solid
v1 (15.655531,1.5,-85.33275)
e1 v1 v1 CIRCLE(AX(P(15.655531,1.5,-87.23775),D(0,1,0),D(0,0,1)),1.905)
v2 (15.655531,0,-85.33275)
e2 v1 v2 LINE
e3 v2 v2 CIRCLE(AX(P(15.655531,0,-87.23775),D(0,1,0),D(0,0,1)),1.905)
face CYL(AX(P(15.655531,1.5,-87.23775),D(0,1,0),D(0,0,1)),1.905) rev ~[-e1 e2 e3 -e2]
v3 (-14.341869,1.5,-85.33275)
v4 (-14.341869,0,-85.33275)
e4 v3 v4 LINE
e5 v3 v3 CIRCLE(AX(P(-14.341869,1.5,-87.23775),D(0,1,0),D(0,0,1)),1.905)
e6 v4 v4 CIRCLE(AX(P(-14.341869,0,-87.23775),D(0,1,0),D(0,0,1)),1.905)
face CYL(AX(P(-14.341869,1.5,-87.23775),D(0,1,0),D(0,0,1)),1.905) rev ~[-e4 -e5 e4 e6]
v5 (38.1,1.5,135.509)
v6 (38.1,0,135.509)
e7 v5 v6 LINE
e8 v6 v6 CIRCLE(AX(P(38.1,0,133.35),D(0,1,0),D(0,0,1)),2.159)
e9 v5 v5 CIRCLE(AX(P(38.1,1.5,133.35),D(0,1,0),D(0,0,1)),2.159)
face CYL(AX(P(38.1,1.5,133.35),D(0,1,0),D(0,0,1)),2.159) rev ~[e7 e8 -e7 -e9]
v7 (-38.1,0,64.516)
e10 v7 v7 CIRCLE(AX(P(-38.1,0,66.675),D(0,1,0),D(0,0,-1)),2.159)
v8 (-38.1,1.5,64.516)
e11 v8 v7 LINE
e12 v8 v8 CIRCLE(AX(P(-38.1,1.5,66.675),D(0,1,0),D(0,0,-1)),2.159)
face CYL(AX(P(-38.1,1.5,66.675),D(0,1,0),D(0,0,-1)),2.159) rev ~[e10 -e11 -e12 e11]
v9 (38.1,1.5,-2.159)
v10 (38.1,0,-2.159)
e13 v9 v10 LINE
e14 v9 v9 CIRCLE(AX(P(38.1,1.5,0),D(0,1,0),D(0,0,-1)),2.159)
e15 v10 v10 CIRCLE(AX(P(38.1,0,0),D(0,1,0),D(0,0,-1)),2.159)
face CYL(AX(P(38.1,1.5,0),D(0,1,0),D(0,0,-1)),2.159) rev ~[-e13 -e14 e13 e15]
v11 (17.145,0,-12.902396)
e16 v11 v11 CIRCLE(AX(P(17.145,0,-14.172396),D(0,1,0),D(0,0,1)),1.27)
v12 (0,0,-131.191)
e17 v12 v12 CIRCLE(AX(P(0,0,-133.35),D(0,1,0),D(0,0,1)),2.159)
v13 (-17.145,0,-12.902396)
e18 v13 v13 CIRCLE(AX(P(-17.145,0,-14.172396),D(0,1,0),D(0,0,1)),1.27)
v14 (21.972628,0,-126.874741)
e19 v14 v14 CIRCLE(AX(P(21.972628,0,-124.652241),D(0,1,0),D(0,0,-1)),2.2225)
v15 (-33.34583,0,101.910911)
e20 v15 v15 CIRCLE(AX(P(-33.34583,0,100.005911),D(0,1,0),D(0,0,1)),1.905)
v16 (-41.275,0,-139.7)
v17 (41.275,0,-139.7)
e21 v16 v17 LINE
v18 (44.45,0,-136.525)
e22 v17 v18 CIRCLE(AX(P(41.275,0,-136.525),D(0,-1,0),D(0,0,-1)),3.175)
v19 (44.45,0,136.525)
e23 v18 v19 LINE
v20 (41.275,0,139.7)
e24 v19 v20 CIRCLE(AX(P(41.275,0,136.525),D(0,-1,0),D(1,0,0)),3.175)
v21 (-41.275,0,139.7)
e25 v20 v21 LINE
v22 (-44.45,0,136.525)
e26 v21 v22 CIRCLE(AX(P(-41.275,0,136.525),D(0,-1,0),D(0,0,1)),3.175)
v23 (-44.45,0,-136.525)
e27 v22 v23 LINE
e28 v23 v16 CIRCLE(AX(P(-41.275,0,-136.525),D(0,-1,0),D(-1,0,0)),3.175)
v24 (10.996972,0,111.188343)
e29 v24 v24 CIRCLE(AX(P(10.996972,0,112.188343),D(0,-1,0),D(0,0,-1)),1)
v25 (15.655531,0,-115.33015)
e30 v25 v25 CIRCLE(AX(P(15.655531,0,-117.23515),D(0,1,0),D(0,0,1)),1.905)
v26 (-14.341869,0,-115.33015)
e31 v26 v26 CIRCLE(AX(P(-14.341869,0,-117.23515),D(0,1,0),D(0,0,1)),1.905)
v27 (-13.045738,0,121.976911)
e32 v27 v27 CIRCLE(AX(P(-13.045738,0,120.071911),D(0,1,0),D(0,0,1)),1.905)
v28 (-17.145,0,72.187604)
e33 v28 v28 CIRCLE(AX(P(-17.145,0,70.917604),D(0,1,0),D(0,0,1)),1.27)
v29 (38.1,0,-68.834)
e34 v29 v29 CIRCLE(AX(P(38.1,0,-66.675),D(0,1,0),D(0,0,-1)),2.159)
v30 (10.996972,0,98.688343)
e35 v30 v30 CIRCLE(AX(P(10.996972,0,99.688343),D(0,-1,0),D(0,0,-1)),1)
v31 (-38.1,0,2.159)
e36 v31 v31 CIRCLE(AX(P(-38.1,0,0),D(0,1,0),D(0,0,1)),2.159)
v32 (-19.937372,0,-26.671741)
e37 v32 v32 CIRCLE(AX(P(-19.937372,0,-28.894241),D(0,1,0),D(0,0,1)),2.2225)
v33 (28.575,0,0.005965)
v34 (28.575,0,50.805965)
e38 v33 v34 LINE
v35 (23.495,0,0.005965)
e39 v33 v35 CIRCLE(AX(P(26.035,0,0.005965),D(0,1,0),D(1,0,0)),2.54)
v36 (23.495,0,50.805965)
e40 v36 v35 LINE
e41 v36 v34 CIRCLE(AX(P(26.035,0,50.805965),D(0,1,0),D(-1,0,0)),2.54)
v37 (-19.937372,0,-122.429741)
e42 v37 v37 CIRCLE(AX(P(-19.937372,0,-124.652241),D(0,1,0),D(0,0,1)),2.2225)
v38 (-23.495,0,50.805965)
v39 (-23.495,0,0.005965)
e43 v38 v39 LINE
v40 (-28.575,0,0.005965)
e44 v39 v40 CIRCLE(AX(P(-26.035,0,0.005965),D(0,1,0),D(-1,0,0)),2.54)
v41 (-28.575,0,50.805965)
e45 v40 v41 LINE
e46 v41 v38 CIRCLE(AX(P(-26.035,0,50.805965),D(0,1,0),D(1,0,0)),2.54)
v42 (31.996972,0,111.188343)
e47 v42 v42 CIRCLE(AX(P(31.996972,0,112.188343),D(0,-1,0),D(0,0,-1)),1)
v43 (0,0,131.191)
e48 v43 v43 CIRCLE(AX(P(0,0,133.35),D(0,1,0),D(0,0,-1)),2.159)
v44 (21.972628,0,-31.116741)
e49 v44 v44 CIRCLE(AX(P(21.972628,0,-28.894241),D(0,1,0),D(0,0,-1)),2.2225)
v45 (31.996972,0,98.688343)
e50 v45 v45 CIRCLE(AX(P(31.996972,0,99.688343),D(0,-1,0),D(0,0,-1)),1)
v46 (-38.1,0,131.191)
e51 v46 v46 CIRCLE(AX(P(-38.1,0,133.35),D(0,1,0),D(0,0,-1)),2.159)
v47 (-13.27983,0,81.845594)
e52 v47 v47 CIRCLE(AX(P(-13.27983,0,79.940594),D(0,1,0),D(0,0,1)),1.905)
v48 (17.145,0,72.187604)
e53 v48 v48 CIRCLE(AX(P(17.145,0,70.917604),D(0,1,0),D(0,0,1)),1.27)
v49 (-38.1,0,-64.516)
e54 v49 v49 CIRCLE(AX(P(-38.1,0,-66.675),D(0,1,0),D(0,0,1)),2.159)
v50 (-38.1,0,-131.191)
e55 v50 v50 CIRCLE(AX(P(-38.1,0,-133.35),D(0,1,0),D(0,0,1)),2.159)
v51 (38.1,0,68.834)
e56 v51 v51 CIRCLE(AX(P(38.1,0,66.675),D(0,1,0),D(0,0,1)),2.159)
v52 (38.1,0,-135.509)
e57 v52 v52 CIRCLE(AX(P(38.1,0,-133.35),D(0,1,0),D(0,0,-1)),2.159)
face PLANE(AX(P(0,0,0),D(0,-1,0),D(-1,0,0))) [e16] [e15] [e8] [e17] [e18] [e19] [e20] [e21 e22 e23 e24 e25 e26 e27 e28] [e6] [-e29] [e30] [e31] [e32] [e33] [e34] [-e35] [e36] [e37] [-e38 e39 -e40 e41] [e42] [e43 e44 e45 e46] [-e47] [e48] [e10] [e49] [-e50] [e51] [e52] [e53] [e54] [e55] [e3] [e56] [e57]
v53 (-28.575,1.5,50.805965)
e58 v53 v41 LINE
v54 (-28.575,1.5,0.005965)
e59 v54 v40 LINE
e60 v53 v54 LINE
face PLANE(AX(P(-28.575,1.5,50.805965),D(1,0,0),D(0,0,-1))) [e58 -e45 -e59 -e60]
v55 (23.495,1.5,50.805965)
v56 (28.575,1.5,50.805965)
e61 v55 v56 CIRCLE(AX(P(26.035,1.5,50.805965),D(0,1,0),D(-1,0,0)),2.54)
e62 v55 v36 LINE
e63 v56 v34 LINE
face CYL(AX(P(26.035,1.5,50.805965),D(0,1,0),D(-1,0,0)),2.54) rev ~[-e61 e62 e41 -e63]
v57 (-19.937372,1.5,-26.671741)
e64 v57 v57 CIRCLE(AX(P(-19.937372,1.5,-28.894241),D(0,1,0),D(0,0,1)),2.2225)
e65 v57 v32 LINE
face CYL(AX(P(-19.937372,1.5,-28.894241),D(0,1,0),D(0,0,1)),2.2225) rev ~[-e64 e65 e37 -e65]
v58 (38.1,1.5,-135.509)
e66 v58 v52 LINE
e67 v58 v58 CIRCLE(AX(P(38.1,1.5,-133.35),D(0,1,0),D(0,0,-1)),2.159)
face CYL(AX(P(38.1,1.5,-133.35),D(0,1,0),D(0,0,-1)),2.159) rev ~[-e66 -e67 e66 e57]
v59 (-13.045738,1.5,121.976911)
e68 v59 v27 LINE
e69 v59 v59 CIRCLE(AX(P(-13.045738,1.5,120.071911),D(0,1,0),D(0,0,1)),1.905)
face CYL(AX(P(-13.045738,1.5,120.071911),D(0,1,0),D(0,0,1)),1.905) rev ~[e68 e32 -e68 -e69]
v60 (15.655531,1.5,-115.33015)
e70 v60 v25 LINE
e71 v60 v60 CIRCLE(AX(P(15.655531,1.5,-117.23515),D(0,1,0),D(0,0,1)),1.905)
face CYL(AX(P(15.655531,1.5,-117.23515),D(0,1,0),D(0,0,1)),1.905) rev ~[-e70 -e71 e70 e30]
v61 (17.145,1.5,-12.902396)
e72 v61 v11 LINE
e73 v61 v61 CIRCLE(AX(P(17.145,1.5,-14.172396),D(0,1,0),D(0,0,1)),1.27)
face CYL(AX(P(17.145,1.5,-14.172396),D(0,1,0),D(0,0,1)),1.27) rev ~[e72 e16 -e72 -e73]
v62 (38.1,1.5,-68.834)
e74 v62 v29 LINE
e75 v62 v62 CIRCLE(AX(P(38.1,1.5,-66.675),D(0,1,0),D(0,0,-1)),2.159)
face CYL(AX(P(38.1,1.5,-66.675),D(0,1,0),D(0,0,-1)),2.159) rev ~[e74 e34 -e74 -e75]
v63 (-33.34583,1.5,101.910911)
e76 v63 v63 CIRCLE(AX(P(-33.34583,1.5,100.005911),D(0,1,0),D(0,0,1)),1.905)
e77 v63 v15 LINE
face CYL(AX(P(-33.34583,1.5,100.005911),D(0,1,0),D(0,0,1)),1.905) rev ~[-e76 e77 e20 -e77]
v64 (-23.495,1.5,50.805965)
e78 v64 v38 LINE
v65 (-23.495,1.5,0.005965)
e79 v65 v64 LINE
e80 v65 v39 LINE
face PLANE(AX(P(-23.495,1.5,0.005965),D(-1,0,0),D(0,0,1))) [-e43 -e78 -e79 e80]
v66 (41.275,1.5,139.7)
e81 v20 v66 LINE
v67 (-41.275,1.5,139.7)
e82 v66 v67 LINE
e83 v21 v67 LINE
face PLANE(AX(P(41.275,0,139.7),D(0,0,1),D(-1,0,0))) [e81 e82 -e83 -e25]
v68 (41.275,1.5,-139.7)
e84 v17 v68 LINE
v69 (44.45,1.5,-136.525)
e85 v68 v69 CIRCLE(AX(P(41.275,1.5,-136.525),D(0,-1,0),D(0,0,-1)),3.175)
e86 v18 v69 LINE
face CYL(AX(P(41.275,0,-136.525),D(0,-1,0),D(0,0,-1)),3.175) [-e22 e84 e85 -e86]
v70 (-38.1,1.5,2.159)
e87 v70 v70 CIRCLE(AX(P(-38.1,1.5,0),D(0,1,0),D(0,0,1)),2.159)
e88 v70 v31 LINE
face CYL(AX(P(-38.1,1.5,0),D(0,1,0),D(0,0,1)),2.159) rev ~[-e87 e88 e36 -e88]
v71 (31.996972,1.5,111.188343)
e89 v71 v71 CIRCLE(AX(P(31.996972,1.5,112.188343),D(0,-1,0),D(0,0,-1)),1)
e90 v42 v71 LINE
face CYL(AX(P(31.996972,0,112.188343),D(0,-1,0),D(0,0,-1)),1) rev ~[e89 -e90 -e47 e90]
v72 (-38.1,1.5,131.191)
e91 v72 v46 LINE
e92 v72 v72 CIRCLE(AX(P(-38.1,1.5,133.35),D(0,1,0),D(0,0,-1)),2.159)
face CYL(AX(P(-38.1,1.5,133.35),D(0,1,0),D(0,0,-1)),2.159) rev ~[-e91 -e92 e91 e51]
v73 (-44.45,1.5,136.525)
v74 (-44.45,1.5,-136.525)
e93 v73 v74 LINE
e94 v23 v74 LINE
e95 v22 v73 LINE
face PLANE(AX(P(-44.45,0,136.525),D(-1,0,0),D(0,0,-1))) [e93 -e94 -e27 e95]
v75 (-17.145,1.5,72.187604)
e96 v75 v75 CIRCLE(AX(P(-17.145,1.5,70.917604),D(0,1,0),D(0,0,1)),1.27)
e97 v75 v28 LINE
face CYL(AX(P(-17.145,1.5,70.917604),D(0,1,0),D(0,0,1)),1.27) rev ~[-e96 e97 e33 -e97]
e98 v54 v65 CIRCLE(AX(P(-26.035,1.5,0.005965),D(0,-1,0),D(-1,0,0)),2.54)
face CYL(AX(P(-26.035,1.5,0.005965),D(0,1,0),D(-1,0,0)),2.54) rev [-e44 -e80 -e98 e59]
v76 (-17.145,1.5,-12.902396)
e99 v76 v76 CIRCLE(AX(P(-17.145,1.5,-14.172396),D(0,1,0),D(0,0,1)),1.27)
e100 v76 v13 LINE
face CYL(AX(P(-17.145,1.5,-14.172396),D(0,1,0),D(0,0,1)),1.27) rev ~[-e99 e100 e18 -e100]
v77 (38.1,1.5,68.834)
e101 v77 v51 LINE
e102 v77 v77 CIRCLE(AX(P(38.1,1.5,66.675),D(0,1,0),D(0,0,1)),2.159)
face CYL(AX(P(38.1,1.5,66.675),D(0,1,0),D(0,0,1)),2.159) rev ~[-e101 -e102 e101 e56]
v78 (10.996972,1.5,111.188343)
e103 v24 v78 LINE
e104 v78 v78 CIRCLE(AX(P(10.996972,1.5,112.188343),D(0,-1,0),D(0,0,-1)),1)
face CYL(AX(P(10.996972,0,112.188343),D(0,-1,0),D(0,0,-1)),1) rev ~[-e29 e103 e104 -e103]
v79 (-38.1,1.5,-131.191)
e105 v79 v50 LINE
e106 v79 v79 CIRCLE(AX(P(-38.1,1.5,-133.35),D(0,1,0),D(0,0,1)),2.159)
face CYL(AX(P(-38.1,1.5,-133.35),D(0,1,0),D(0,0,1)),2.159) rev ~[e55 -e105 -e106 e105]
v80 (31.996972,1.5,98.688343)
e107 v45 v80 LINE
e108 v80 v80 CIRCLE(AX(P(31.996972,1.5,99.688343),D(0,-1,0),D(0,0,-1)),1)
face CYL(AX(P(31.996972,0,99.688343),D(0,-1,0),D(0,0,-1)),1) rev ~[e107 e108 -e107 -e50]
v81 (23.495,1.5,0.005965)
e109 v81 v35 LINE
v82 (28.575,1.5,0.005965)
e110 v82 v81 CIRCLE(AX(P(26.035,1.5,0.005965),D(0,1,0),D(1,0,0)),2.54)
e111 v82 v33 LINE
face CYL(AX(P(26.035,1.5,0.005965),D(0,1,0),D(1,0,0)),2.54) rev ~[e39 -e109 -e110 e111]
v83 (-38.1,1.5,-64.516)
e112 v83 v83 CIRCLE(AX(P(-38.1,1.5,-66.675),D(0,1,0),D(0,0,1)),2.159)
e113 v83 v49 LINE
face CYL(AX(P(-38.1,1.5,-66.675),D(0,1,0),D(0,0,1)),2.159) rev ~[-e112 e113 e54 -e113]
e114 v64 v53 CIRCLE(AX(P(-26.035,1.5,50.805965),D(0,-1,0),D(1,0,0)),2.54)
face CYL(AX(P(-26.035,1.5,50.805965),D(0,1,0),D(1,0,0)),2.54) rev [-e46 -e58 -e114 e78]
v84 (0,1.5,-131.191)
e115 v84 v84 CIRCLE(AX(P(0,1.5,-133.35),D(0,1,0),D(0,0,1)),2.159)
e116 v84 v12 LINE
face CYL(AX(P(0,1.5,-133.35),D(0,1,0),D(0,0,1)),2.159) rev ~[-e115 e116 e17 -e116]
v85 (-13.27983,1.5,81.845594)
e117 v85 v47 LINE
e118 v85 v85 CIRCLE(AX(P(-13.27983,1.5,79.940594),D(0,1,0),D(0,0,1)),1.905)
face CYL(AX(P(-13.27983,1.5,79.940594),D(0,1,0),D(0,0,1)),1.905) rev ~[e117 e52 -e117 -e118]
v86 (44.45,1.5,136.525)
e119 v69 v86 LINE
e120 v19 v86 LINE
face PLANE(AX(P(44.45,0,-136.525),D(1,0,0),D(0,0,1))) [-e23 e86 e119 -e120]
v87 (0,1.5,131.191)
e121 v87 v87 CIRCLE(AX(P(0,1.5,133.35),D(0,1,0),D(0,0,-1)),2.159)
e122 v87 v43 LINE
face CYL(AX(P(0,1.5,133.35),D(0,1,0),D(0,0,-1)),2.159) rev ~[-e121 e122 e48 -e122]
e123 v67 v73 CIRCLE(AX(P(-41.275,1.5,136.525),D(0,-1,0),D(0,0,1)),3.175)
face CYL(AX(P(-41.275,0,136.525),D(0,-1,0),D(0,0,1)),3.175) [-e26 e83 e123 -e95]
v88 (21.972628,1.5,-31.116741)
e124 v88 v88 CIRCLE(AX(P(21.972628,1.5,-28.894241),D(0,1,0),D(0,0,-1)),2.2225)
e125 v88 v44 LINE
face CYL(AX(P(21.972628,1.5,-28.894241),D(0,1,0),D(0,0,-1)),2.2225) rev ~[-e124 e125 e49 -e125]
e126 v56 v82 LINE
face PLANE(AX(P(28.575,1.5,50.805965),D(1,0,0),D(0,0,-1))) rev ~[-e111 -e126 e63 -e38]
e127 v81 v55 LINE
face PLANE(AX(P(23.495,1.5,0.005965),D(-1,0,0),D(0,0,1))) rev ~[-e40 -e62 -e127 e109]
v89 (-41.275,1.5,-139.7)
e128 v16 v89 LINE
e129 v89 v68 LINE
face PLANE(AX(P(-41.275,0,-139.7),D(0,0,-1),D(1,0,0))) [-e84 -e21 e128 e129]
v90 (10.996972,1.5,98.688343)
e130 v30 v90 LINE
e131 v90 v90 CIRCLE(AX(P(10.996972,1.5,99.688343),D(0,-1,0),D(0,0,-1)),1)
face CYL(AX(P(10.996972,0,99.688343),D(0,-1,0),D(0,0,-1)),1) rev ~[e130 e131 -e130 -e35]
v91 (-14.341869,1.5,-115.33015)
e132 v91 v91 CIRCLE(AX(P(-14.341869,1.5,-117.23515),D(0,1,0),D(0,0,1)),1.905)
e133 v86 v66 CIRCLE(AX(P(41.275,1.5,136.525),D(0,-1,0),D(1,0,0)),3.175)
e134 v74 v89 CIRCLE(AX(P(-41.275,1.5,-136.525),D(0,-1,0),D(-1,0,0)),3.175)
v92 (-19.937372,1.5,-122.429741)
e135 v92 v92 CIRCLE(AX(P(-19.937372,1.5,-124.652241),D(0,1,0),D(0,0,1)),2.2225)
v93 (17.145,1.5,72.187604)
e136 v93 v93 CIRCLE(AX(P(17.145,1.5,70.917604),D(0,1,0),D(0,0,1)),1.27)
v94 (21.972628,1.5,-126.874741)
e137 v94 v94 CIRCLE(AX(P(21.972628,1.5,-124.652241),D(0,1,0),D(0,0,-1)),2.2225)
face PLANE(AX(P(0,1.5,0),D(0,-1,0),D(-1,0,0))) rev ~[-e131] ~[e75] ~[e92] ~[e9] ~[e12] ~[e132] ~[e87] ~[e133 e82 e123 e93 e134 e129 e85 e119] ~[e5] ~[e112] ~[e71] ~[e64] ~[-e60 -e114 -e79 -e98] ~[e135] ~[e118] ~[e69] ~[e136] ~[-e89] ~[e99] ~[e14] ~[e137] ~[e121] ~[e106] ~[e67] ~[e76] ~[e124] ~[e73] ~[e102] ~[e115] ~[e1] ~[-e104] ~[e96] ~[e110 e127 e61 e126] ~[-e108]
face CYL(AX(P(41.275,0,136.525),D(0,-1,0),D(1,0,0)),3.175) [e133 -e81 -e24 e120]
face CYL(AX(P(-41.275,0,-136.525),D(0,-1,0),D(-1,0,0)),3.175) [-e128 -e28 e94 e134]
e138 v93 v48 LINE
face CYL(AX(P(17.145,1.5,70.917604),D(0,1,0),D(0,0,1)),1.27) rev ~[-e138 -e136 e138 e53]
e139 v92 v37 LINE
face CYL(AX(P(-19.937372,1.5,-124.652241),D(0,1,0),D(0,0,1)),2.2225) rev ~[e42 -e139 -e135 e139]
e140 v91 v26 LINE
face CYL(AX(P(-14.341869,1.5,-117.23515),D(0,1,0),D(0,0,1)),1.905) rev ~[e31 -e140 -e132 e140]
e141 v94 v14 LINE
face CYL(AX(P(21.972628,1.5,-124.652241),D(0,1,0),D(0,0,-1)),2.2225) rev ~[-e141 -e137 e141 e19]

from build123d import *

# Parameters (mm, degrees)
PLATE_THICKNESS_DEPTH         = 1.5
SKETCH3_R                     = 2.159
MOUNTING_HOLES_DEPTH          = 147.608807716
SKETCH4_R                     = 2.2225
JETSON_HOLES_W_MOUNT_DEPTH    = 147.608807716
SKETCH5_R                     = 1.905
PDB_HOLES_DEPTH               = 147.608807716
SKETCH6_R                     = 1.905
LIDAR_HOLES_DEPTH             = 147.608807716
SKETCH7_R                     = 1.27
PIXHAWK_HOLES_DEPTH           = 147.608807716
BATTERY_HOLES_DEPTH           = 147.608807716
SKETCH_9_R                    = 1
VENTRAL_BOARDCAM_HOLLES_DEPTH = 147.608807716


with BuildPart() as part:
    # Sketch2 → Plate Thickness (new body)
    with BuildSketch(Plane(origin=(0, 0, 0), x_dir=(1, 0, 0), z_dir=(0, 1, 0))):
        with BuildLine():
            Line((-41.275, 139.7), (41.275, 139.7))
            ThreePointArc((41.275, 139.7), (43.52006403, 138.77006403), (44.45, 136.525))
            Line((44.45, 136.525), (44.45, -136.525))
            ThreePointArc((44.45, -136.525), (43.52006403, -138.77006403), (41.275, -139.7))
            Line((41.275, -139.7), (-41.275, -139.7))
            ThreePointArc((-41.275, -139.7), (-43.52006403, -138.77006403), (-44.45, -136.525))
            Line((-44.45, -136.525), (-44.45, 136.525))
            ThreePointArc((-44.45, 136.525), (-43.52006403, 138.77006403), (-41.275, 139.7))
        make_face()
    extrude(amount=PLATE_THICKNESS_DEPTH)

    # Sketch3 → Mounting holes (cut, through all)
    with BuildSketch(Plane(origin=(0, 1.5, 0), x_dir=(1, 0, 0), z_dir=(0, 1, 0))):
        with Locations(Location((-38.1, 133.35, 0), (0, 0, 270))):
            Circle(SKETCH3_R)
        with Locations(Location((-38.1, 66.675, 0), (0, 0, 270))):
            Circle(SKETCH3_R)
        with Locations(Location((-38.1, -66.675, 0), (0, 0, 90))):
            Circle(SKETCH3_R)
        with Locations(Location((-38.1, -133.35, 0), (0, 0, 90))):
            Circle(SKETCH3_R)
        with Locations(Location((38.1, -133.35, 0), (0, 0, 270))):
            Circle(SKETCH3_R)
        with Locations(Location((38.1, -66.675, 0), (0, 0, 270))):
            Circle(SKETCH3_R)
        with Locations(Location((38.1, 66.675, 0), (0, 0, 90))):
            Circle(SKETCH3_R)
        with Locations(Location((38.1, 133.35, 0), (0, 0, 90))):
            Circle(SKETCH3_R)
        with Locations(Location((0, 133.35, 0), (0, 0, 270))):
            Circle(SKETCH3_R)
        with Locations(Location((0, -133.35, 0), (0, 0, 90))):
            Circle(SKETCH3_R)
        with Locations(Location((-38.1, 0, 0), (0, 0, 270))):
            Circle(SKETCH3_R)
        with Locations(Location((38.1, 0, 0), (0, 0, 90))):
            Circle(SKETCH3_R)
    extrude(amount=-MOUNTING_HOLES_DEPTH, mode=Mode.SUBTRACT)

    # Sketch4 → Jetson Holes (w/ mount) (cut, through all)
    with BuildSketch(Plane(origin=(0, 1.5, 0), x_dir=(1, 0, 0), z_dir=(0, 1, 0))):
        with Locations(Location((-19.937372124, 124.652240808, 0), (0, 0, 270))):
            Circle(SKETCH4_R)
        with Locations(Location((-19.937372124, 28.894240808, 0), (0, 0, 270))):
            Circle(SKETCH4_R)
        with Locations(Location((21.972627876, 28.894240808, 0), (0, 0, 90))):
            Circle(SKETCH4_R)
        with Locations(Location((21.972627876, 124.652240808, 0), (0, 0, 90))):
            Circle(SKETCH4_R)
    extrude(amount=-JETSON_HOLES_W_MOUNT_DEPTH, mode=Mode.SUBTRACT)

    # Sketch5 → PDB holes (cut, through all)
    with BuildSketch(Plane(origin=(0, 1.5, 0), x_dir=(1, 0, 0), z_dir=(0, 1, 0))):
        with Locations(Location((-14.341868752, 117.235149692, 0), (0, 0, 270))):
            Circle(SKETCH5_R)
        with Locations(Location((15.655531248, 117.235149692, 0), (0, 0, 270))):
            Circle(SKETCH5_R)
        with Locations(Location((15.655531248, 87.237749692, 0), (0, 0, 270))):
            Circle(SKETCH5_R)
        with Locations(Location((-14.341868752, 87.237749692, 0), (0, 0, 270))):
            Circle(SKETCH5_R)
    extrude(amount=-PDB_HOLES_DEPTH, mode=Mode.SUBTRACT)

    # Sketch6 → Lidar Holes (cut, through all)
    with BuildSketch(Plane(origin=(0, 1.5, 0), x_dir=(1, 0, 0), z_dir=(0, 1, 0))):
        with Locations(Location((-13.045738102, -120.071910819, 0), (0, 0, 270))):
            Circle(SKETCH6_R)
        with Locations(Location((-13.279829556, -79.940593557, 0), (0, 0, 270))):
            Circle(SKETCH6_R)
        with Locations(Location((-33.345829556, -100.005910819, 0), (0, 0, 270))):
            Circle(SKETCH6_R)
    extrude(amount=-LIDAR_HOLES_DEPTH, mode=Mode.SUBTRACT)

    # Sketch7 → PixHawk Holes (cut, through all)
    with BuildSketch(Plane(origin=(0, 1.5, 0), x_dir=(1, 0, 0), z_dir=(0, 1, 0))):
        with Locations(Location((-17.145, 14.172396373, 0), (0, 0, 270))):
            Circle(SKETCH7_R)
        with Locations(Location((-17.145, -70.917603627, 0), (0, 0, 270))):
            Circle(SKETCH7_R)
        with Locations(Location((17.145, -70.917603627, 0), (0, 0, 270))):
            Circle(SKETCH7_R)
        with Locations(Location((17.145, 14.172396373, 0), (0, 0, 270))):
            Circle(SKETCH7_R)
    extrude(amount=-PIXHAWK_HOLES_DEPTH, mode=Mode.SUBTRACT)

    # Sketch8 → Battery Holes (cut, through all)
    with BuildSketch(Plane(origin=(0, 1.5, 0), x_dir=(1, 0, 0), z_dir=(0, 1, 0))):
        with BuildLine():
            Line((-23.495, -0.005964701), (-23.495, -50.805964701))
            ThreePointArc((-23.495, -50.805964701), (-26.035, -53.345964701), (-28.575, -50.805964701))
            Line((-28.575, -50.805964701), (-28.575, -0.005964701))
            ThreePointArc((-28.575, -0.005964701), (-26.035, 2.534035299), (-23.495, -0.005964701))
        make_face()
        with BuildLine():
            Line((23.495, -0.005964701), (23.495, -50.805964701))
            ThreePointArc((23.495, -50.805964701), (26.035, -53.345964701), (28.575, -50.805964701))
            Line((28.575, -50.805964701), (28.575, -0.005964701))
            ThreePointArc((28.575, -0.005964701), (26.035, 2.534035299), (23.495, -0.005964701))
        make_face()
    extrude(amount=-BATTERY_HOLES_DEPTH, mode=Mode.SUBTRACT)

    # Sketch 9 → Ventral Boardcam Holles (cut, through all)
    with BuildSketch(Plane.XZ):
        with Locations(Location((31.996971539, 112.188342609, 0), (0, 0, 270))):
            Circle(SKETCH_9_R)
        with Locations(Location((10.996971539, 112.188342609, 0), (0, 0, 270))):
            Circle(SKETCH_9_R)
        with Locations(Location((10.996971539, 99.688342609, 0), (0, 0, 270))):
            Circle(SKETCH_9_R)
        with Locations(Location((31.996971539, 99.688342609, 0), (0, 0, 270))):
            Circle(SKETCH_9_R)
    extrude(amount=-VENTRAL_BOARDCAM_HOLLES_DEPTH, mode=Mode.SUBTRACT)


solid = part.part
